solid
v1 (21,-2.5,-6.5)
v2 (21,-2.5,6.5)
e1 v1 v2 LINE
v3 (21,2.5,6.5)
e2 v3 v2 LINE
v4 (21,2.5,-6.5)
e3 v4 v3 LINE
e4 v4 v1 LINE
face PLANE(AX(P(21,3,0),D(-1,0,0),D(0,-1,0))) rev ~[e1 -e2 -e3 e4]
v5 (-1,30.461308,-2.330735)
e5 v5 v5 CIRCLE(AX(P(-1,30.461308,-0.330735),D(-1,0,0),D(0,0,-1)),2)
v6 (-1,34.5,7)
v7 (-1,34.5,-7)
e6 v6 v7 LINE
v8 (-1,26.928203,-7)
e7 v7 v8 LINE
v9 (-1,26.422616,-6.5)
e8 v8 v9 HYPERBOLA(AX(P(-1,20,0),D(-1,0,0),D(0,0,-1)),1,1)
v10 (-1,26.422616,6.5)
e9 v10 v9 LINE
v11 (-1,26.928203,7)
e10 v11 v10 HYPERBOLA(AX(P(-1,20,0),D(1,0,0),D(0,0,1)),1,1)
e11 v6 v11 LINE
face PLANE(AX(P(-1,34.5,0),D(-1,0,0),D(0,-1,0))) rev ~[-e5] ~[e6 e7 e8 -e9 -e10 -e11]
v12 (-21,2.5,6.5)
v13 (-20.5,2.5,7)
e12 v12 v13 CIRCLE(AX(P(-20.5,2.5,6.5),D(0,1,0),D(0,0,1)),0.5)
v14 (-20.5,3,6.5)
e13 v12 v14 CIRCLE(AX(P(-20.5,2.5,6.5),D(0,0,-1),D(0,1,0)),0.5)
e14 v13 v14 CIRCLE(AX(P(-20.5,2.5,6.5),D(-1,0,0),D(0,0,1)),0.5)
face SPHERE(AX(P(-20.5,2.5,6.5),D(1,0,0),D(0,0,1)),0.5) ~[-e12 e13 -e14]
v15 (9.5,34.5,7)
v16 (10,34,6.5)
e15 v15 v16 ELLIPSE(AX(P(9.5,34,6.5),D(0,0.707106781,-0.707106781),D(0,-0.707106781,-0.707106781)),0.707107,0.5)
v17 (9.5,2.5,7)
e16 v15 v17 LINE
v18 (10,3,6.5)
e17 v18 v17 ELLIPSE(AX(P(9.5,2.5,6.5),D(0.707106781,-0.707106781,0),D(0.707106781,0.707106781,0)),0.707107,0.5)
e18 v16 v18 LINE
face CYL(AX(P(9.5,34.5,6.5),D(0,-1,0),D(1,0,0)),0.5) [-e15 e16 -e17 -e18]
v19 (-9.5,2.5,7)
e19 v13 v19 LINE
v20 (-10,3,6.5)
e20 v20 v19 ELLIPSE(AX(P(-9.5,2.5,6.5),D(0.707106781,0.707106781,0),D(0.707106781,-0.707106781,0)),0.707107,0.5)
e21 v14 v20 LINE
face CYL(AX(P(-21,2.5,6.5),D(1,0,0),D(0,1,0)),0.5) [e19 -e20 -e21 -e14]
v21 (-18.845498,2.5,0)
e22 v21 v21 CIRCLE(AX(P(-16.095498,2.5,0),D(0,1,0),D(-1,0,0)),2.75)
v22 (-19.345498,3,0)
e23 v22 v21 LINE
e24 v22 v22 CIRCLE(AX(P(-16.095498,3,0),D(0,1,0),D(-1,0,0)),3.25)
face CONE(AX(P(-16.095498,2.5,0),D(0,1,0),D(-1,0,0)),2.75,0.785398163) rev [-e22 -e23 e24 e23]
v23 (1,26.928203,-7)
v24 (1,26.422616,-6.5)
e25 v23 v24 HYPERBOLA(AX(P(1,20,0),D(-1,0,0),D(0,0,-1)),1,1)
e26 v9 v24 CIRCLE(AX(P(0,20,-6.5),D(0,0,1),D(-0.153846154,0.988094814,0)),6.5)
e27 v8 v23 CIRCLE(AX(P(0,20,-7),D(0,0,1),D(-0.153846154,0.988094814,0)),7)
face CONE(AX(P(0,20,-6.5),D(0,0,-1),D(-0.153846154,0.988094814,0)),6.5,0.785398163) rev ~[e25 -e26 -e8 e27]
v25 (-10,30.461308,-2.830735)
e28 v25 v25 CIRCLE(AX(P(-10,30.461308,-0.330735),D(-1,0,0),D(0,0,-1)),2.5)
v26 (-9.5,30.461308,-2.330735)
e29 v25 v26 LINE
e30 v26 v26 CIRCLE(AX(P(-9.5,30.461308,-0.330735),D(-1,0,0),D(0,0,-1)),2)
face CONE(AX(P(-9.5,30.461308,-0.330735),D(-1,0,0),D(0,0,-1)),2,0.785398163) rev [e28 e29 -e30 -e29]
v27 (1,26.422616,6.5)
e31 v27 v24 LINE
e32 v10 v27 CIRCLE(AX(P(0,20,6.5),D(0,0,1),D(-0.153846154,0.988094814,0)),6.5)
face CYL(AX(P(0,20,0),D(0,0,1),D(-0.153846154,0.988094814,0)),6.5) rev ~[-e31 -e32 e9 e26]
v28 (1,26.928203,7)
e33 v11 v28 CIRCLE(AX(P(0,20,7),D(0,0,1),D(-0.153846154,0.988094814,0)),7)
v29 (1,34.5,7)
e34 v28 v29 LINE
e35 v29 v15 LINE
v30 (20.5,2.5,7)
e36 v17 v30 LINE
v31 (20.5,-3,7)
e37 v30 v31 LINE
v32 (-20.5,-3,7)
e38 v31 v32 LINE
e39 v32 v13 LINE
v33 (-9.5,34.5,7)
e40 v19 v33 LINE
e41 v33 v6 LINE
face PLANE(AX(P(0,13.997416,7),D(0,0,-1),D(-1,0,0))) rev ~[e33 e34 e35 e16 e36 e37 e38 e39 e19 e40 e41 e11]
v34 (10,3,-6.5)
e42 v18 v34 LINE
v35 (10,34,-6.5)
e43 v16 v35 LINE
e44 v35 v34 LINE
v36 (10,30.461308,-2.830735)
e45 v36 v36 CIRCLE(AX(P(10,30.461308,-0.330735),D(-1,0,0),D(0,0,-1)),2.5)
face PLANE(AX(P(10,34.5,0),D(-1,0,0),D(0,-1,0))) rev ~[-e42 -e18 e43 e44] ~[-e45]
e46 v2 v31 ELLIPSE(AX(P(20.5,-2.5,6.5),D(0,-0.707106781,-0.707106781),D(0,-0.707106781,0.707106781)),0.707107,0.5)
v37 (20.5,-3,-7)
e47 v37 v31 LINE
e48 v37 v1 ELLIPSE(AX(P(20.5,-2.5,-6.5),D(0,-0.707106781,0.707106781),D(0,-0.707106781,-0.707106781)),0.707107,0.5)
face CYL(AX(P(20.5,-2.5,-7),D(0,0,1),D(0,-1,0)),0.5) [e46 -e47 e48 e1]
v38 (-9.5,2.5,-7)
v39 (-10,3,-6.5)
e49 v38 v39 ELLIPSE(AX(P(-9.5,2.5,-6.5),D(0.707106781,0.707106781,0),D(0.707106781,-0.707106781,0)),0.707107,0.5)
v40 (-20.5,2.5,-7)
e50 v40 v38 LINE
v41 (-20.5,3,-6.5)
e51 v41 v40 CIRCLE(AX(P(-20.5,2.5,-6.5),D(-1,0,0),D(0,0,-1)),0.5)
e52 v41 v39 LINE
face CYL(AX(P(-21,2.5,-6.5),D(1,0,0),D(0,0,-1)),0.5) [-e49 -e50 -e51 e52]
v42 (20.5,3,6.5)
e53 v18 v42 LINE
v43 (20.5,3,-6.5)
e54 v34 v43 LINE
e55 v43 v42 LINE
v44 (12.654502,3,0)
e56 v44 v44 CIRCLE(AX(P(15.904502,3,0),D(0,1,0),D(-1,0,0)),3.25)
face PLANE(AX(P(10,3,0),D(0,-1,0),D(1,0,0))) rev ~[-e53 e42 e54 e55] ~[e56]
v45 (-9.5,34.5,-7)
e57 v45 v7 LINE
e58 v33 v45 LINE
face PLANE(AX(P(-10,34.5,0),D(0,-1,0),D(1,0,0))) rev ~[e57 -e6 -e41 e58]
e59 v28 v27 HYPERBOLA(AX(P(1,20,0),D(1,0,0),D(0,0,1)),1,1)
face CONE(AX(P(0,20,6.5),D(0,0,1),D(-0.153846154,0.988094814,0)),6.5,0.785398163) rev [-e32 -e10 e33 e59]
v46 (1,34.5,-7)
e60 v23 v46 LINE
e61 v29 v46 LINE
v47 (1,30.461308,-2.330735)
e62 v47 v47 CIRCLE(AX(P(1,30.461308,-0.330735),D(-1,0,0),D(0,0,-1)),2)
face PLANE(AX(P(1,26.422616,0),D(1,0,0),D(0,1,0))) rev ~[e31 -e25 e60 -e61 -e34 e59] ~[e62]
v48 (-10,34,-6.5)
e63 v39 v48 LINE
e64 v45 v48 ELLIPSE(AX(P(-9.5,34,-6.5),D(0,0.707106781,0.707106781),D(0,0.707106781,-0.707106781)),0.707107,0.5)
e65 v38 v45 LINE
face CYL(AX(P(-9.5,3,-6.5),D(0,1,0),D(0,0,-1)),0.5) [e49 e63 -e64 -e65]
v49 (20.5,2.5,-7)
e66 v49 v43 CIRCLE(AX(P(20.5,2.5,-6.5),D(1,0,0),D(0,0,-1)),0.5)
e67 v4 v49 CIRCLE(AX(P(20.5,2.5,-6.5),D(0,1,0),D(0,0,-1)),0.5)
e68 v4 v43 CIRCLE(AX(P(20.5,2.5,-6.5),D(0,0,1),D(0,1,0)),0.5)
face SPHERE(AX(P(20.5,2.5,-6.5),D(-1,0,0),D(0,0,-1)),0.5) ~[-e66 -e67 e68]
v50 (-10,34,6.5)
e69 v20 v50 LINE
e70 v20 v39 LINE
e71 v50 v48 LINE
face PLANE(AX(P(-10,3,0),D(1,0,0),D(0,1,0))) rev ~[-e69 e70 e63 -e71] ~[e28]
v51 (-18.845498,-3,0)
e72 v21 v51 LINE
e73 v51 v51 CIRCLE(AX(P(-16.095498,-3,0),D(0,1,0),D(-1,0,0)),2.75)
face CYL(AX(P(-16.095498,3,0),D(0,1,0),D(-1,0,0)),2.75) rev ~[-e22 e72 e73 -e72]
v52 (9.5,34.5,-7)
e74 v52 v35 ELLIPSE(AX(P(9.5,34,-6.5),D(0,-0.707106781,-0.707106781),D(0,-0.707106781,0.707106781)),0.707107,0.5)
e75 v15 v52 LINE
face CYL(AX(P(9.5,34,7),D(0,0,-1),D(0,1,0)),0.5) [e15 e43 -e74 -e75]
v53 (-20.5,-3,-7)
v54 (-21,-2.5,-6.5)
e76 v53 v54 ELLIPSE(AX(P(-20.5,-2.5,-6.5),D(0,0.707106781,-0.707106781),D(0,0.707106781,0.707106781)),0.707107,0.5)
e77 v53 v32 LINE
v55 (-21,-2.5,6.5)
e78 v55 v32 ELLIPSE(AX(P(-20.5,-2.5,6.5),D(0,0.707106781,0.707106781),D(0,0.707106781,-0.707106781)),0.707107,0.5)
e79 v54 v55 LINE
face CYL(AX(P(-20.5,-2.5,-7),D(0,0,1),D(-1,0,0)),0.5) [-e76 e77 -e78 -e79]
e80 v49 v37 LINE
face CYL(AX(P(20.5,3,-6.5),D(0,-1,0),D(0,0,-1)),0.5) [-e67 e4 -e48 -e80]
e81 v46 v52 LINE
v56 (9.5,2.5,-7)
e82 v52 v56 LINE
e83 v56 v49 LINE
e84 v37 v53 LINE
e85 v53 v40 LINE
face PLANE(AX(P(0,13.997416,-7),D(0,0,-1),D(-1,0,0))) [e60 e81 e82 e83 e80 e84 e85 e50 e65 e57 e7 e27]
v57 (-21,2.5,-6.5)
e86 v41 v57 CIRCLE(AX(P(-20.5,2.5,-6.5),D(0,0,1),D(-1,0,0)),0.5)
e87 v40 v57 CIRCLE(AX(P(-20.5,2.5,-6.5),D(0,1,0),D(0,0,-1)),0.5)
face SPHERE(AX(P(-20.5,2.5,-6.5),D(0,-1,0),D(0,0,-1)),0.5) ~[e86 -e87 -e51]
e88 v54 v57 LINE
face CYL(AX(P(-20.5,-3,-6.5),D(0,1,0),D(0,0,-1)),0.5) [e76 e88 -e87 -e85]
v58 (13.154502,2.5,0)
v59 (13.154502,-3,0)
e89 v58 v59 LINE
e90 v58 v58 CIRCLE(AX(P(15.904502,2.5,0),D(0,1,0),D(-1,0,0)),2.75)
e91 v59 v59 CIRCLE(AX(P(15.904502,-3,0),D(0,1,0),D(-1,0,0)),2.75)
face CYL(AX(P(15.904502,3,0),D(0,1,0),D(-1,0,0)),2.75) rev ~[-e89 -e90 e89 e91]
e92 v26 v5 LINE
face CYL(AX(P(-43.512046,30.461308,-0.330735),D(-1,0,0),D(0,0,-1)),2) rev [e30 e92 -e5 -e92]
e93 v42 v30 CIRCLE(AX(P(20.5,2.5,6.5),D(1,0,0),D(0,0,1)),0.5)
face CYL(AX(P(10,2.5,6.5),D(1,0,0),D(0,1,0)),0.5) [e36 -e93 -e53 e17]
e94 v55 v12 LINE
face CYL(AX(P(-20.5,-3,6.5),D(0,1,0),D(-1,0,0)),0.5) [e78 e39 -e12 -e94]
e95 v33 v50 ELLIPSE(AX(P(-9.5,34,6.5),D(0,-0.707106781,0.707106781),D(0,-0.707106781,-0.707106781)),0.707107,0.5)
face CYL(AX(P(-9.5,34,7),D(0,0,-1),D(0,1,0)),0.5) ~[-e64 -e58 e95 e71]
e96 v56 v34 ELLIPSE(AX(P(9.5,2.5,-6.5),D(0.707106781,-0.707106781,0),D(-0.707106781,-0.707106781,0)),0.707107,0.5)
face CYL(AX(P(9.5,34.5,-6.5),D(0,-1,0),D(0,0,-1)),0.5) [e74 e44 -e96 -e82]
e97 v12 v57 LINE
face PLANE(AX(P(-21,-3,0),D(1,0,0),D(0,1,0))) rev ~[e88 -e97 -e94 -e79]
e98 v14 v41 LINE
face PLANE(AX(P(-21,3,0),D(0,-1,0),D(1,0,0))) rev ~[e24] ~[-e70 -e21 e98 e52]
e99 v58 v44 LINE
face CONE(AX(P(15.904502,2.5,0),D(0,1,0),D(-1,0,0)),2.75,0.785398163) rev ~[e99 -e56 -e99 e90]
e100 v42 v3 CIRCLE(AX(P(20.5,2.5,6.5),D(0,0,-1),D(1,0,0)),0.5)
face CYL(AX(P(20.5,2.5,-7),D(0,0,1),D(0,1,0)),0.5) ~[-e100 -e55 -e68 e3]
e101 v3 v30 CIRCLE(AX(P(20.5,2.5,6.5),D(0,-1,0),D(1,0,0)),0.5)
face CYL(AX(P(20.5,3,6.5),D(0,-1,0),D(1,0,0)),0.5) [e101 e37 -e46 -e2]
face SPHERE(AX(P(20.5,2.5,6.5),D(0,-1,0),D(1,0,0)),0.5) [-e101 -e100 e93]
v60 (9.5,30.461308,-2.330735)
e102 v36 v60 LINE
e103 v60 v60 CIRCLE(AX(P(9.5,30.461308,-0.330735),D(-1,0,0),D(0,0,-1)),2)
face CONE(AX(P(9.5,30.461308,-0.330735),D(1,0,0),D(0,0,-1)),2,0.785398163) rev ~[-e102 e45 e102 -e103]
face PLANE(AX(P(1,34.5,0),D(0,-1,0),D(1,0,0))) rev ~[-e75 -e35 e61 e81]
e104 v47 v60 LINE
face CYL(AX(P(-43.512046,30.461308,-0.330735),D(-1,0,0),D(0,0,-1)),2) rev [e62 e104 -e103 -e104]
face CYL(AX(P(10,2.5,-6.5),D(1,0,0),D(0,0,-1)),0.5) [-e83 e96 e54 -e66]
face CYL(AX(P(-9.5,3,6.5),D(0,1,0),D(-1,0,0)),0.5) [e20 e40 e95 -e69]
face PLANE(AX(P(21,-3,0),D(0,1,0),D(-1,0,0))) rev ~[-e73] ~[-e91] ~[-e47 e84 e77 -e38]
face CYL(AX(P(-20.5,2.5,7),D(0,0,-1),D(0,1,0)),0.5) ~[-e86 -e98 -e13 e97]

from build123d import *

# Parameters (mm, degrees)
BOSS_EXTRUDE1_DEPTH     = 7
SKETCH2_R               = 2.75
CUT_EXTRUDE1_DEPTH      = 39.5
CUT_EXTRUDE2_DEPTH      = 42.512046444
CUT_EXTRUDE2_DEPTH_BACK = 42.512046444
SKETCH5_R               = 2
CHAMFER2_SIZE           = 0.5
FILLET2_R               = 0.5


with BuildPart() as part:
    # Sketch1 → Boss-Extrude1 (new, symmetric)
    with BuildSketch(Plane.XY):
        with BuildLine():
            Line((-21, -3), (-21, 3))
            Line((-21, 3), (-10, 3))
            Line((-10, 3), (-10, 34.5))
            Line((-10, 34.5), (-1, 34.5))
            Line((-1, 34.5), (-1, 26.422616289))
            ThreePointArc((-1, 26.422616289), (0, 13.5), (1, 26.422616289))
            Line((1, 26.422616289), (1, 34.5))
            Line((1, 34.5), (10, 34.5))
            Line((10, 34.5), (10, 3))
            Line((10, 3), (21, 3))
            Line((21, 3), (21, -3))
            Line((21, -3), (-21, -3))
        make_face()
    extrude(amount=BOSS_EXTRUDE1_DEPTH, both=True)

    # Sketch2 → Cut-Extrude1 (cut, through all)
    with BuildSketch(Plane(origin=(0, 3, 0), x_dir=(1, 0, 0), z_dir=(0, 1, 0))):
        with Locations(Location((15.904501915, 0, 0), (0, 0, 180))):
            Circle(SKETCH2_R)
        with Locations(Location((-16.095498085, 0, 0), (0, 0, 180))):
            Circle(SKETCH2_R)
    extrude(amount=-CUT_EXTRUDE1_DEPTH, mode=Mode.SUBTRACT)

    # Sketch5 → Cut-Extrude2 (cut, two sides: drawn at the far end of the back side and taken through both)
    with BuildSketch(Plane(origin=(-1, 0, 0), x_dir=(0, 0, -1), z_dir=(1, 0, 0)).offset(-CUT_EXTRUDE2_DEPTH_BACK)):
        with Locations((0.330734984, 30.461308145)):
            Circle(SKETCH5_R)
    extrude(amount=CUT_EXTRUDE2_DEPTH + CUT_EXTRUDE2_DEPTH_BACK, mode=Mode.SUBTRACT)

    # Chamfer2
    chamfer2_edges = [part.edges().sort_by_distance(p)[0] for p in [
        (0, 13.5, -7),
        (0, 13.5, 7),
        (18.654501915, 3, 0),
        (-13.345498085, 3, 0),
        (-10, 30.461308145, 1.669265016),
        (10, 30.461308145, 1.669265016),
    ]]
    chamfer(chamfer2_edges, length=CHAMFER2_SIZE)

    # Fillet2
    fillet2_edges = [part.edges().sort_by_distance(p)[0] for p in [
        (-15.5, 3, 7),
        (10, 18.75, -7),
        (15.5, 3, -7),
        (-21, 0, 7),
        (21, 0, -7),
        (-21, 0, -7),
        (-15.5, 3, -7),
        (-10, 18.75, -7),
        (21, 0, 7),
        (10, 34.5, 0),
        (21, 3, 0),
        (21, -3, 0),
        (-21, -3, 0),
        (-21, 3, 0),
        (-10, 34.5, 0),
        (15.5, 3, 7),
        (10, 18.75, 7),
        (-10, 18.75, 7),
    ]]
    fillet(fillet2_edges, radius=FILLET2_R)


solid = part.part
